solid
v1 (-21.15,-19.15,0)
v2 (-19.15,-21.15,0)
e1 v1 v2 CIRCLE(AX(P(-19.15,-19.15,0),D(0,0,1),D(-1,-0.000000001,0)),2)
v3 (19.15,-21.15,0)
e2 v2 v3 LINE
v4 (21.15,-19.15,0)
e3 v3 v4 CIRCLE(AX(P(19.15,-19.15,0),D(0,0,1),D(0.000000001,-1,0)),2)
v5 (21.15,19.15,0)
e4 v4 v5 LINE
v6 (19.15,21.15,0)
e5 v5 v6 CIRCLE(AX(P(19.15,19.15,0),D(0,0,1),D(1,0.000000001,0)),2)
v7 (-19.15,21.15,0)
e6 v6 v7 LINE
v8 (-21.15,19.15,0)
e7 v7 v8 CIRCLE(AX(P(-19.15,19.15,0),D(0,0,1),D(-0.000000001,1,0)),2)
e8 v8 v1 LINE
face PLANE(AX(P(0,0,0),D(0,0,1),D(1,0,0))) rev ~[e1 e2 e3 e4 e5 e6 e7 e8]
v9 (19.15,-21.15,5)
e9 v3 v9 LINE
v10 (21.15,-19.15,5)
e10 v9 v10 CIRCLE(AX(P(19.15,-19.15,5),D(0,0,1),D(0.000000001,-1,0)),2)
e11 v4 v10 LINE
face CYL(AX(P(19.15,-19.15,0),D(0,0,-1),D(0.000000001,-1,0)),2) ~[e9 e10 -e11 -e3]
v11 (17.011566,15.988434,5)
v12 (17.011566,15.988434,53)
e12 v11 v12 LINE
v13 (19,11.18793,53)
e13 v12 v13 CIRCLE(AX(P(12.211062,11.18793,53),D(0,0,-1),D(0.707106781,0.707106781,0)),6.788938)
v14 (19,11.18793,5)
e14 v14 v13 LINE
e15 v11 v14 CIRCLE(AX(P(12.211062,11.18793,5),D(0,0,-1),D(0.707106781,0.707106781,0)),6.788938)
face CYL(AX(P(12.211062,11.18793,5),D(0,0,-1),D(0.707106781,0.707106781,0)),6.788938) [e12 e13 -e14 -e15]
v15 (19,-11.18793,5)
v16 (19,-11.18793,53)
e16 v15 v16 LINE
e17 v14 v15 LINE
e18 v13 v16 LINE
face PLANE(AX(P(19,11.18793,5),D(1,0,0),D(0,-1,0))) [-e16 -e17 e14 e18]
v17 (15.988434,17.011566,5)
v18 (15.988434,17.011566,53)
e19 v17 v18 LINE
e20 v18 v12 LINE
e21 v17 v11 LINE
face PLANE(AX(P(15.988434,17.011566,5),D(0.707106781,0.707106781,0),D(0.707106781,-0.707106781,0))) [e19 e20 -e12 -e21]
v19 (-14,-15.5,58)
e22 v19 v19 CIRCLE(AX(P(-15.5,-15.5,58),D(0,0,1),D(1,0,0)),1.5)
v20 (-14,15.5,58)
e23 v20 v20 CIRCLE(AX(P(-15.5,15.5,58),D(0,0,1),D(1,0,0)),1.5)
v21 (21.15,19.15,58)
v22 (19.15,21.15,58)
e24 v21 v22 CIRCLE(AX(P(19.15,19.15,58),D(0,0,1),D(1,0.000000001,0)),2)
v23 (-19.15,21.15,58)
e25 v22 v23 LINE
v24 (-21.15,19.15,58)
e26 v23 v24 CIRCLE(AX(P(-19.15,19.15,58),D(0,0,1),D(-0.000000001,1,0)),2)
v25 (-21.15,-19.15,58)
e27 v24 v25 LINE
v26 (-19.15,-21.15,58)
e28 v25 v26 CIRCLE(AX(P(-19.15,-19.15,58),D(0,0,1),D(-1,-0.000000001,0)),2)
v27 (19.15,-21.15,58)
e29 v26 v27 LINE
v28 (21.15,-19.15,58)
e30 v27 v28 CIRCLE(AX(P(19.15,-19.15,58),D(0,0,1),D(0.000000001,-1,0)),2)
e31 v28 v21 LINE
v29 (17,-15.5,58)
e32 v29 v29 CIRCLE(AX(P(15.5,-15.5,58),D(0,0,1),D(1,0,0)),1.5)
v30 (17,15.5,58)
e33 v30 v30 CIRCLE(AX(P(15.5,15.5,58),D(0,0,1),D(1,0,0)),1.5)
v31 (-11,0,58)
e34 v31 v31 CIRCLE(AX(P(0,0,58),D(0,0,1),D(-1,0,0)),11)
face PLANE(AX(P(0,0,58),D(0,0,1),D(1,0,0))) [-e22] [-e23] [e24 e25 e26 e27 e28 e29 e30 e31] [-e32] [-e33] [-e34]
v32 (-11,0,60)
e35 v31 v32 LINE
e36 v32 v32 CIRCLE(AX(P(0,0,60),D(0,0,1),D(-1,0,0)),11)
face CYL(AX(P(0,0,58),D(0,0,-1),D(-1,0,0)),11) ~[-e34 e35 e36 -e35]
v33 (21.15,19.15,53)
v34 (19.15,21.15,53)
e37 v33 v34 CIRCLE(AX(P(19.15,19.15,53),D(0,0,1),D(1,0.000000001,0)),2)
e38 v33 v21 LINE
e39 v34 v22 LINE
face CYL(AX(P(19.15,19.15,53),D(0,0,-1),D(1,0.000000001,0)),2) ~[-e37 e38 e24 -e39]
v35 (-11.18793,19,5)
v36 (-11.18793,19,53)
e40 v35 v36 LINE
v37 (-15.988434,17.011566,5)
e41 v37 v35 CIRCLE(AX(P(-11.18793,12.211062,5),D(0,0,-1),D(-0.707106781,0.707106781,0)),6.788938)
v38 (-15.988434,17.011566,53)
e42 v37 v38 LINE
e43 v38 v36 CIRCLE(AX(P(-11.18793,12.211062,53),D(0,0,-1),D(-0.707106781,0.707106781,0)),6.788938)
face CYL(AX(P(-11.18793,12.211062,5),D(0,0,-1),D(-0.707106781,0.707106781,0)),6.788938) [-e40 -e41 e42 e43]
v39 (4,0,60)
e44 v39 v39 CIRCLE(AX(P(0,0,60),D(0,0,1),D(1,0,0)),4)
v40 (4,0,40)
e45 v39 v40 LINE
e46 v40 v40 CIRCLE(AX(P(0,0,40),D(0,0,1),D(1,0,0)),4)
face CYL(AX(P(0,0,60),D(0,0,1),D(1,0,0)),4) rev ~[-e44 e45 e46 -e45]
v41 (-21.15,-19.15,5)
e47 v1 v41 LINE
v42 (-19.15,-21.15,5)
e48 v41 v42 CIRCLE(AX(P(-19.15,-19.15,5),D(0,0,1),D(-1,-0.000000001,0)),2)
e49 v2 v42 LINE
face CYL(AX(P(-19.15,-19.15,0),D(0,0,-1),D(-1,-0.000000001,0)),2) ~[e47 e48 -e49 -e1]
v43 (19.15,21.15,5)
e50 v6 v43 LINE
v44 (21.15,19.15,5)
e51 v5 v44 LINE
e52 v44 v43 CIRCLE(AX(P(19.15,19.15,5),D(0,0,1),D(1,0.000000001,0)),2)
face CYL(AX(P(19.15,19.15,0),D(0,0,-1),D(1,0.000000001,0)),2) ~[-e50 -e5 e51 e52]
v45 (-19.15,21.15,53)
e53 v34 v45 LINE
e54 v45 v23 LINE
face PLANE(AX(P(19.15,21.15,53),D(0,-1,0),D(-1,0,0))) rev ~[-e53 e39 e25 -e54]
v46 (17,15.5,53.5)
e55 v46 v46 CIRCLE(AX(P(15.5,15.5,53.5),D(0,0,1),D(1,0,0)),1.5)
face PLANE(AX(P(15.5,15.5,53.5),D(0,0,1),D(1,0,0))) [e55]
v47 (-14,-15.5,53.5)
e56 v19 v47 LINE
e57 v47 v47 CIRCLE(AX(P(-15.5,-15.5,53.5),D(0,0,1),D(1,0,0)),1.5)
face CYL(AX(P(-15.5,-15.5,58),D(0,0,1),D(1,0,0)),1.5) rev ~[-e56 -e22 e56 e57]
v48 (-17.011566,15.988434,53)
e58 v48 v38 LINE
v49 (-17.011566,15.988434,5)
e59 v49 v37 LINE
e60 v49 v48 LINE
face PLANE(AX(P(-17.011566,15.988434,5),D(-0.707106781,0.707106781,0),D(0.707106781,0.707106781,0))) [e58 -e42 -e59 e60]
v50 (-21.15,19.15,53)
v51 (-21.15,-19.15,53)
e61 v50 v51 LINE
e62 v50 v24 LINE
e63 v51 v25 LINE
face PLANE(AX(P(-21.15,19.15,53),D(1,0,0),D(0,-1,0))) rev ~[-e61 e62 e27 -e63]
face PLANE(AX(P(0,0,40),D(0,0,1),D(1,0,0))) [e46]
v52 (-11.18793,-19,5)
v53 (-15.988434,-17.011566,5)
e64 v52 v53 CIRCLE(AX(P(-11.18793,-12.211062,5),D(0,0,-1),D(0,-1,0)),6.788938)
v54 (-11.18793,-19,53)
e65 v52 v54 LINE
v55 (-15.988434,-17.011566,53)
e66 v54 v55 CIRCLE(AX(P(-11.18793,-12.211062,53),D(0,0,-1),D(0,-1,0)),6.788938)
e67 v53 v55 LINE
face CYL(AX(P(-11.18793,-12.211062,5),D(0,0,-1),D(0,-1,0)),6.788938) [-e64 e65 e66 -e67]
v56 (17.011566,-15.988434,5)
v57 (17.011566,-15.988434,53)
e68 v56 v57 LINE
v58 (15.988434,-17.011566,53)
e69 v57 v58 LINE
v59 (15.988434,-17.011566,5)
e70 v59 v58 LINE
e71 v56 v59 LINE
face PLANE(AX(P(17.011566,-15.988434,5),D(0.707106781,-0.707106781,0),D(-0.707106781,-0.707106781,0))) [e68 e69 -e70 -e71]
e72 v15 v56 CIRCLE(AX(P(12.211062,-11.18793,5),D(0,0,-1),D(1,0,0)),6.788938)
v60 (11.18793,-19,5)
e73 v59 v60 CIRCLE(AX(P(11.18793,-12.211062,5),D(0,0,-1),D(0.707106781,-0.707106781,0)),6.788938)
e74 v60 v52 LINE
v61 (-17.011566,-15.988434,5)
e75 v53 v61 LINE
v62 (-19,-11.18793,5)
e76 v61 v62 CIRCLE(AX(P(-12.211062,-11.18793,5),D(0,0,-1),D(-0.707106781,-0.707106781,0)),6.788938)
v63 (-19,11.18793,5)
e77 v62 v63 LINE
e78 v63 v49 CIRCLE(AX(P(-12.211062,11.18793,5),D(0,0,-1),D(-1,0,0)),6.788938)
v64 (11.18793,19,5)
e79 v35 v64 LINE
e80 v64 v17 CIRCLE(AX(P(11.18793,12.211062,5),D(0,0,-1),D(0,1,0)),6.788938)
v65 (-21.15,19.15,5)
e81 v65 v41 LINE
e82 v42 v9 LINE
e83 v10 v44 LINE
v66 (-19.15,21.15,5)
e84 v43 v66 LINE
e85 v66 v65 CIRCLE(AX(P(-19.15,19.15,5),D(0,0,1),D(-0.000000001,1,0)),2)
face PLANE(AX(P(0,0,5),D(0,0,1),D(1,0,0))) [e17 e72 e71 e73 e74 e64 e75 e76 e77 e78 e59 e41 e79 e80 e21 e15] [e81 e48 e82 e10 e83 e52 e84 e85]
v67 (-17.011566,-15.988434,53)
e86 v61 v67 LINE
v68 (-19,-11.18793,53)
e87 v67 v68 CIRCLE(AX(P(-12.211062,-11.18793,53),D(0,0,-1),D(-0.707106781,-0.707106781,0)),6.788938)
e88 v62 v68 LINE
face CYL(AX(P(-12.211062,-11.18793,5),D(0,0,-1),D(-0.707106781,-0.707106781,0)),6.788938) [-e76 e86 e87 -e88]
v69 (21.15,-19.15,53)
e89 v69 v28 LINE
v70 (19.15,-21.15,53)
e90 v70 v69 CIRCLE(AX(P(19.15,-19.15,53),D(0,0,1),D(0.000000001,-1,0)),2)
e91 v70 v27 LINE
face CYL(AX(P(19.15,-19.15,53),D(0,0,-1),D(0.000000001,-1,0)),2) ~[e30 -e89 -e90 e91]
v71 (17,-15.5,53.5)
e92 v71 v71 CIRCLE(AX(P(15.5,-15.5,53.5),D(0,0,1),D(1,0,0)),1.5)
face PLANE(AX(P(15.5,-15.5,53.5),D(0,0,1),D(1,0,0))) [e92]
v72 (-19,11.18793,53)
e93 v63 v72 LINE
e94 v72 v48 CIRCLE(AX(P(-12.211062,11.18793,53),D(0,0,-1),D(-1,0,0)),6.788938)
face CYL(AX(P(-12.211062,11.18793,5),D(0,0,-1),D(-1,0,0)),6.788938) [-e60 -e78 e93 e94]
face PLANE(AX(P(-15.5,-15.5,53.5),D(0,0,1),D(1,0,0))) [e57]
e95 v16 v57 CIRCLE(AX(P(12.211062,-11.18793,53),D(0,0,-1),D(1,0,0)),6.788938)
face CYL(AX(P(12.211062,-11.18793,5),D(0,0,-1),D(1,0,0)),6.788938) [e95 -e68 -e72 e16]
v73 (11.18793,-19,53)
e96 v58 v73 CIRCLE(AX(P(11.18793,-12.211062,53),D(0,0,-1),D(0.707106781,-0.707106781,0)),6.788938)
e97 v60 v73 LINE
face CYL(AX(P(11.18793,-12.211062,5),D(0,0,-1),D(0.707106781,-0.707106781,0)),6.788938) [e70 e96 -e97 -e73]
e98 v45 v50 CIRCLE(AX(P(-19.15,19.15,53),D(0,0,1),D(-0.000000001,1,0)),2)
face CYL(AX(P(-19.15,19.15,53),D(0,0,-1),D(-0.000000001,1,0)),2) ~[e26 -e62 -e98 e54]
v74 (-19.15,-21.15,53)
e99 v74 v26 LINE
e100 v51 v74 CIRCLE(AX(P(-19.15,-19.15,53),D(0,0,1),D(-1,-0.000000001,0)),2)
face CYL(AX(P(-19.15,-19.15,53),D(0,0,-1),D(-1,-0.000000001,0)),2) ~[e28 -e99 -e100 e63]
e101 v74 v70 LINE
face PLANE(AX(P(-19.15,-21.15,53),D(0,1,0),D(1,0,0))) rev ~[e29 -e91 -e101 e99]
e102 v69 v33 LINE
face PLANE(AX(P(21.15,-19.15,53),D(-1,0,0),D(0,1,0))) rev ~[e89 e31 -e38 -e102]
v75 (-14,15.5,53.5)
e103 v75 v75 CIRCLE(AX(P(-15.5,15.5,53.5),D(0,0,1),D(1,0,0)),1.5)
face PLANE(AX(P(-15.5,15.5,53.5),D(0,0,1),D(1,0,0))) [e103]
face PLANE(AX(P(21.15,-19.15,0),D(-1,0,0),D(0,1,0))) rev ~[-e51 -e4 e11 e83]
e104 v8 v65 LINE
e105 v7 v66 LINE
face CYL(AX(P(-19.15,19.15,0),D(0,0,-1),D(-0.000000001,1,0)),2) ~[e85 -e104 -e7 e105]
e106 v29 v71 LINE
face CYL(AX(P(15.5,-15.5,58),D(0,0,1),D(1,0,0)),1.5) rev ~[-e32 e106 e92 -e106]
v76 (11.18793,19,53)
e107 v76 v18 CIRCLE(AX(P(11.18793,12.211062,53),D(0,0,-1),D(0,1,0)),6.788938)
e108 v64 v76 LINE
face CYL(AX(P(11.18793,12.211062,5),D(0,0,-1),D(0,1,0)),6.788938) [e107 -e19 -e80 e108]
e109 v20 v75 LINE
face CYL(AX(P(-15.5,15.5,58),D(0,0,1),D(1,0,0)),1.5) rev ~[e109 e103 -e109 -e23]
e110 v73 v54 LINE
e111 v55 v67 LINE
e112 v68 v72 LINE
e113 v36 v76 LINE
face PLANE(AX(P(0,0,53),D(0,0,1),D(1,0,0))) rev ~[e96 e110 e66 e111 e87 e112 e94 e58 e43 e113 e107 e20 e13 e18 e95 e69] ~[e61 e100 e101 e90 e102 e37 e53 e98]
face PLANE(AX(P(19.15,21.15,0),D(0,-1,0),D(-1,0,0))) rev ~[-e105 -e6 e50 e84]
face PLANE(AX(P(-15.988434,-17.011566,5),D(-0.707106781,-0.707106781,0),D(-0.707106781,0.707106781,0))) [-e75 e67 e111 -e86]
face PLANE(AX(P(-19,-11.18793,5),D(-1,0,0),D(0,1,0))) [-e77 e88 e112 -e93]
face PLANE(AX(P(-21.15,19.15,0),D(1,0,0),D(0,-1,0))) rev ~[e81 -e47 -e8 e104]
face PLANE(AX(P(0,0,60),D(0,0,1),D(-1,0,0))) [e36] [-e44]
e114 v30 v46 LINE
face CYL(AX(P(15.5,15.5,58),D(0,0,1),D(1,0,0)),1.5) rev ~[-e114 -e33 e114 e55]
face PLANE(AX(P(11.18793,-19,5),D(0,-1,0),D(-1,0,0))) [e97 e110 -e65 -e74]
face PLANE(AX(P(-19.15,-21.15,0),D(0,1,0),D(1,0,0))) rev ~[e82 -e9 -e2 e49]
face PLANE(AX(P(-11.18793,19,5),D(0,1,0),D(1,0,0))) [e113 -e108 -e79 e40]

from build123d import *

# Parameters (mm, degrees)
EXTRUDE_1_DEPTH     = 5
EXTRUDE_2_DEPTH     = 48
EXTRUDE_4_DEPTH     = 5
SKETCH_4_R          = 1.5
CUT_EXTRUDE_1_DEPTH = 4.5
SKETCH_5_R          = 11
EXTRUDE_5_DEPTH     = 2
SKETCH_6_R          = 4
CUT_EXTRUDE_2_DEPTH = 20


with BuildPart() as part:
    # 草图1 → 凸台-拉伸1 (new body)
    with BuildSketch(Plane.XY):
        with BuildLine():
            Line((-19.15, -21.15), (19.15, -21.15))
            ThreePointArc((19.15, -21.15), (20.564213562, -20.564213562), (21.15, -19.15))
            Line((21.15, -19.15), (21.15, 19.15))
            ThreePointArc((21.15, 19.15), (20.564213562, 20.564213562), (19.15, 21.15))
            Line((19.15, 21.15), (-19.15, 21.15))
            ThreePointArc((-19.15, 21.15), (-20.564213562, 20.564213562), (-21.15, 19.15))
            Line((-21.15, 19.15), (-21.15, -19.15))
            ThreePointArc((-21.15, -19.15), (-20.564213562, -20.564213562), (-19.15, -21.15))
        make_face()
    extrude(amount=EXTRUDE_1_DEPTH)

    # 草图2 → 凸台-拉伸2 (add)
    with BuildSketch(Plane.XY.offset(5)):
        with BuildLine():
            Line((-17.011566207, 15.988433793), (-15.988433793, 17.011566207))
            ThreePointArc((-15.988433793, 17.011566207), (-13.785943914, 18.483222894), (-11.187929962, 19))
            Line((-11.187929962, 19), (11.187929962, 19))
            ThreePointArc((11.187929962, 19), (13.785943914, 18.483222894), (15.988433793, 17.011566207))
            Line((15.988433793, 17.011566207), (17.011566207, 15.988433793))
            ThreePointArc((17.011566207, 15.988433793), (18.483222894, 13.785943914), (19, 11.187929962))
            Line((19, 11.187929962), (19, -11.187929962))
            ThreePointArc((19, -11.187929962), (18.483222894, -13.785943914), (17.011566207, -15.988433793))
            Line((17.011566207, -15.988433793), (15.988433793, -17.011566207))
            ThreePointArc((15.988433793, -17.011566207), (13.785943914, -18.483222894), (11.187929962, -19))
            Line((11.187929962, -19), (-11.187929962, -19))
            ThreePointArc((-11.187929962, -19), (-13.785943914, -18.483222894), (-15.988433793, -17.011566207))
            Line((-15.988433793, -17.011566207), (-17.011566207, -15.988433793))
            ThreePointArc((-17.011566207, -15.988433793), (-18.483222894, -13.785943914), (-19, -11.187929962))
            Line((-19, -11.187929962), (-19, 11.187929962))
            ThreePointArc((-19, 11.187929962), (-18.483222894, 13.785943914), (-17.011566207, 15.988433793))
        make_face()
    extrude(amount=EXTRUDE_2_DEPTH)

    # 草图3 → 凸台-拉伸4 (add)
    with BuildSketch(Plane.XY.offset(53)):
        with BuildLine():
            Line((-19.15, -21.15), (19.15, -21.15))
            ThreePointArc((19.15, -21.15), (20.564213562, -20.564213562), (21.15, -19.15))
            Line((21.15, -19.15), (21.15, 19.15))
            ThreePointArc((21.15, 19.15), (20.564213562, 20.564213562), (19.15, 21.15))
            Line((19.15, 21.15), (-19.15, 21.15))
            ThreePointArc((-19.15, 21.15), (-20.564213562, 20.564213562), (-21.15, 19.15))
            Line((-21.15, 19.15), (-21.15, -19.15))
            ThreePointArc((-21.15, -19.15), (-20.564213562, -20.564213562), (-19.15, -21.15))
        make_face()
    extrude(amount=EXTRUDE_4_DEPTH)

    # 草图4 → 切除-拉伸1 (cut)
    with BuildSketch(Plane.XY.offset(58)):
        with Locations((15.5, 15.5)):
            Circle(SKETCH_4_R)
        with Locations((15.5, -15.5)):
            Circle(SKETCH_4_R)
        with Locations((-15.5, -15.5)):
            Circle(SKETCH_4_R)
        with Locations((-15.5, 15.5)):
            Circle(SKETCH_4_R)
    extrude(amount=-CUT_EXTRUDE_1_DEPTH, mode=Mode.SUBTRACT)

    # 草图5 → 凸台-拉伸5 (add)
    with BuildSketch(Plane.XY.offset(58)):
        with Locations(Location((0, 0, 0), (0, 0, 180))):
            Circle(SKETCH_5_R)
    extrude(amount=EXTRUDE_5_DEPTH)

    # 草图6 → 切除-拉伸2 (cut)
    with BuildSketch(Plane.XY.offset(60)):
        Circle(SKETCH_6_R)
    extrude(amount=-CUT_EXTRUDE_2_DEPTH, mode=Mode.SUBTRACT)


solid = part.part
